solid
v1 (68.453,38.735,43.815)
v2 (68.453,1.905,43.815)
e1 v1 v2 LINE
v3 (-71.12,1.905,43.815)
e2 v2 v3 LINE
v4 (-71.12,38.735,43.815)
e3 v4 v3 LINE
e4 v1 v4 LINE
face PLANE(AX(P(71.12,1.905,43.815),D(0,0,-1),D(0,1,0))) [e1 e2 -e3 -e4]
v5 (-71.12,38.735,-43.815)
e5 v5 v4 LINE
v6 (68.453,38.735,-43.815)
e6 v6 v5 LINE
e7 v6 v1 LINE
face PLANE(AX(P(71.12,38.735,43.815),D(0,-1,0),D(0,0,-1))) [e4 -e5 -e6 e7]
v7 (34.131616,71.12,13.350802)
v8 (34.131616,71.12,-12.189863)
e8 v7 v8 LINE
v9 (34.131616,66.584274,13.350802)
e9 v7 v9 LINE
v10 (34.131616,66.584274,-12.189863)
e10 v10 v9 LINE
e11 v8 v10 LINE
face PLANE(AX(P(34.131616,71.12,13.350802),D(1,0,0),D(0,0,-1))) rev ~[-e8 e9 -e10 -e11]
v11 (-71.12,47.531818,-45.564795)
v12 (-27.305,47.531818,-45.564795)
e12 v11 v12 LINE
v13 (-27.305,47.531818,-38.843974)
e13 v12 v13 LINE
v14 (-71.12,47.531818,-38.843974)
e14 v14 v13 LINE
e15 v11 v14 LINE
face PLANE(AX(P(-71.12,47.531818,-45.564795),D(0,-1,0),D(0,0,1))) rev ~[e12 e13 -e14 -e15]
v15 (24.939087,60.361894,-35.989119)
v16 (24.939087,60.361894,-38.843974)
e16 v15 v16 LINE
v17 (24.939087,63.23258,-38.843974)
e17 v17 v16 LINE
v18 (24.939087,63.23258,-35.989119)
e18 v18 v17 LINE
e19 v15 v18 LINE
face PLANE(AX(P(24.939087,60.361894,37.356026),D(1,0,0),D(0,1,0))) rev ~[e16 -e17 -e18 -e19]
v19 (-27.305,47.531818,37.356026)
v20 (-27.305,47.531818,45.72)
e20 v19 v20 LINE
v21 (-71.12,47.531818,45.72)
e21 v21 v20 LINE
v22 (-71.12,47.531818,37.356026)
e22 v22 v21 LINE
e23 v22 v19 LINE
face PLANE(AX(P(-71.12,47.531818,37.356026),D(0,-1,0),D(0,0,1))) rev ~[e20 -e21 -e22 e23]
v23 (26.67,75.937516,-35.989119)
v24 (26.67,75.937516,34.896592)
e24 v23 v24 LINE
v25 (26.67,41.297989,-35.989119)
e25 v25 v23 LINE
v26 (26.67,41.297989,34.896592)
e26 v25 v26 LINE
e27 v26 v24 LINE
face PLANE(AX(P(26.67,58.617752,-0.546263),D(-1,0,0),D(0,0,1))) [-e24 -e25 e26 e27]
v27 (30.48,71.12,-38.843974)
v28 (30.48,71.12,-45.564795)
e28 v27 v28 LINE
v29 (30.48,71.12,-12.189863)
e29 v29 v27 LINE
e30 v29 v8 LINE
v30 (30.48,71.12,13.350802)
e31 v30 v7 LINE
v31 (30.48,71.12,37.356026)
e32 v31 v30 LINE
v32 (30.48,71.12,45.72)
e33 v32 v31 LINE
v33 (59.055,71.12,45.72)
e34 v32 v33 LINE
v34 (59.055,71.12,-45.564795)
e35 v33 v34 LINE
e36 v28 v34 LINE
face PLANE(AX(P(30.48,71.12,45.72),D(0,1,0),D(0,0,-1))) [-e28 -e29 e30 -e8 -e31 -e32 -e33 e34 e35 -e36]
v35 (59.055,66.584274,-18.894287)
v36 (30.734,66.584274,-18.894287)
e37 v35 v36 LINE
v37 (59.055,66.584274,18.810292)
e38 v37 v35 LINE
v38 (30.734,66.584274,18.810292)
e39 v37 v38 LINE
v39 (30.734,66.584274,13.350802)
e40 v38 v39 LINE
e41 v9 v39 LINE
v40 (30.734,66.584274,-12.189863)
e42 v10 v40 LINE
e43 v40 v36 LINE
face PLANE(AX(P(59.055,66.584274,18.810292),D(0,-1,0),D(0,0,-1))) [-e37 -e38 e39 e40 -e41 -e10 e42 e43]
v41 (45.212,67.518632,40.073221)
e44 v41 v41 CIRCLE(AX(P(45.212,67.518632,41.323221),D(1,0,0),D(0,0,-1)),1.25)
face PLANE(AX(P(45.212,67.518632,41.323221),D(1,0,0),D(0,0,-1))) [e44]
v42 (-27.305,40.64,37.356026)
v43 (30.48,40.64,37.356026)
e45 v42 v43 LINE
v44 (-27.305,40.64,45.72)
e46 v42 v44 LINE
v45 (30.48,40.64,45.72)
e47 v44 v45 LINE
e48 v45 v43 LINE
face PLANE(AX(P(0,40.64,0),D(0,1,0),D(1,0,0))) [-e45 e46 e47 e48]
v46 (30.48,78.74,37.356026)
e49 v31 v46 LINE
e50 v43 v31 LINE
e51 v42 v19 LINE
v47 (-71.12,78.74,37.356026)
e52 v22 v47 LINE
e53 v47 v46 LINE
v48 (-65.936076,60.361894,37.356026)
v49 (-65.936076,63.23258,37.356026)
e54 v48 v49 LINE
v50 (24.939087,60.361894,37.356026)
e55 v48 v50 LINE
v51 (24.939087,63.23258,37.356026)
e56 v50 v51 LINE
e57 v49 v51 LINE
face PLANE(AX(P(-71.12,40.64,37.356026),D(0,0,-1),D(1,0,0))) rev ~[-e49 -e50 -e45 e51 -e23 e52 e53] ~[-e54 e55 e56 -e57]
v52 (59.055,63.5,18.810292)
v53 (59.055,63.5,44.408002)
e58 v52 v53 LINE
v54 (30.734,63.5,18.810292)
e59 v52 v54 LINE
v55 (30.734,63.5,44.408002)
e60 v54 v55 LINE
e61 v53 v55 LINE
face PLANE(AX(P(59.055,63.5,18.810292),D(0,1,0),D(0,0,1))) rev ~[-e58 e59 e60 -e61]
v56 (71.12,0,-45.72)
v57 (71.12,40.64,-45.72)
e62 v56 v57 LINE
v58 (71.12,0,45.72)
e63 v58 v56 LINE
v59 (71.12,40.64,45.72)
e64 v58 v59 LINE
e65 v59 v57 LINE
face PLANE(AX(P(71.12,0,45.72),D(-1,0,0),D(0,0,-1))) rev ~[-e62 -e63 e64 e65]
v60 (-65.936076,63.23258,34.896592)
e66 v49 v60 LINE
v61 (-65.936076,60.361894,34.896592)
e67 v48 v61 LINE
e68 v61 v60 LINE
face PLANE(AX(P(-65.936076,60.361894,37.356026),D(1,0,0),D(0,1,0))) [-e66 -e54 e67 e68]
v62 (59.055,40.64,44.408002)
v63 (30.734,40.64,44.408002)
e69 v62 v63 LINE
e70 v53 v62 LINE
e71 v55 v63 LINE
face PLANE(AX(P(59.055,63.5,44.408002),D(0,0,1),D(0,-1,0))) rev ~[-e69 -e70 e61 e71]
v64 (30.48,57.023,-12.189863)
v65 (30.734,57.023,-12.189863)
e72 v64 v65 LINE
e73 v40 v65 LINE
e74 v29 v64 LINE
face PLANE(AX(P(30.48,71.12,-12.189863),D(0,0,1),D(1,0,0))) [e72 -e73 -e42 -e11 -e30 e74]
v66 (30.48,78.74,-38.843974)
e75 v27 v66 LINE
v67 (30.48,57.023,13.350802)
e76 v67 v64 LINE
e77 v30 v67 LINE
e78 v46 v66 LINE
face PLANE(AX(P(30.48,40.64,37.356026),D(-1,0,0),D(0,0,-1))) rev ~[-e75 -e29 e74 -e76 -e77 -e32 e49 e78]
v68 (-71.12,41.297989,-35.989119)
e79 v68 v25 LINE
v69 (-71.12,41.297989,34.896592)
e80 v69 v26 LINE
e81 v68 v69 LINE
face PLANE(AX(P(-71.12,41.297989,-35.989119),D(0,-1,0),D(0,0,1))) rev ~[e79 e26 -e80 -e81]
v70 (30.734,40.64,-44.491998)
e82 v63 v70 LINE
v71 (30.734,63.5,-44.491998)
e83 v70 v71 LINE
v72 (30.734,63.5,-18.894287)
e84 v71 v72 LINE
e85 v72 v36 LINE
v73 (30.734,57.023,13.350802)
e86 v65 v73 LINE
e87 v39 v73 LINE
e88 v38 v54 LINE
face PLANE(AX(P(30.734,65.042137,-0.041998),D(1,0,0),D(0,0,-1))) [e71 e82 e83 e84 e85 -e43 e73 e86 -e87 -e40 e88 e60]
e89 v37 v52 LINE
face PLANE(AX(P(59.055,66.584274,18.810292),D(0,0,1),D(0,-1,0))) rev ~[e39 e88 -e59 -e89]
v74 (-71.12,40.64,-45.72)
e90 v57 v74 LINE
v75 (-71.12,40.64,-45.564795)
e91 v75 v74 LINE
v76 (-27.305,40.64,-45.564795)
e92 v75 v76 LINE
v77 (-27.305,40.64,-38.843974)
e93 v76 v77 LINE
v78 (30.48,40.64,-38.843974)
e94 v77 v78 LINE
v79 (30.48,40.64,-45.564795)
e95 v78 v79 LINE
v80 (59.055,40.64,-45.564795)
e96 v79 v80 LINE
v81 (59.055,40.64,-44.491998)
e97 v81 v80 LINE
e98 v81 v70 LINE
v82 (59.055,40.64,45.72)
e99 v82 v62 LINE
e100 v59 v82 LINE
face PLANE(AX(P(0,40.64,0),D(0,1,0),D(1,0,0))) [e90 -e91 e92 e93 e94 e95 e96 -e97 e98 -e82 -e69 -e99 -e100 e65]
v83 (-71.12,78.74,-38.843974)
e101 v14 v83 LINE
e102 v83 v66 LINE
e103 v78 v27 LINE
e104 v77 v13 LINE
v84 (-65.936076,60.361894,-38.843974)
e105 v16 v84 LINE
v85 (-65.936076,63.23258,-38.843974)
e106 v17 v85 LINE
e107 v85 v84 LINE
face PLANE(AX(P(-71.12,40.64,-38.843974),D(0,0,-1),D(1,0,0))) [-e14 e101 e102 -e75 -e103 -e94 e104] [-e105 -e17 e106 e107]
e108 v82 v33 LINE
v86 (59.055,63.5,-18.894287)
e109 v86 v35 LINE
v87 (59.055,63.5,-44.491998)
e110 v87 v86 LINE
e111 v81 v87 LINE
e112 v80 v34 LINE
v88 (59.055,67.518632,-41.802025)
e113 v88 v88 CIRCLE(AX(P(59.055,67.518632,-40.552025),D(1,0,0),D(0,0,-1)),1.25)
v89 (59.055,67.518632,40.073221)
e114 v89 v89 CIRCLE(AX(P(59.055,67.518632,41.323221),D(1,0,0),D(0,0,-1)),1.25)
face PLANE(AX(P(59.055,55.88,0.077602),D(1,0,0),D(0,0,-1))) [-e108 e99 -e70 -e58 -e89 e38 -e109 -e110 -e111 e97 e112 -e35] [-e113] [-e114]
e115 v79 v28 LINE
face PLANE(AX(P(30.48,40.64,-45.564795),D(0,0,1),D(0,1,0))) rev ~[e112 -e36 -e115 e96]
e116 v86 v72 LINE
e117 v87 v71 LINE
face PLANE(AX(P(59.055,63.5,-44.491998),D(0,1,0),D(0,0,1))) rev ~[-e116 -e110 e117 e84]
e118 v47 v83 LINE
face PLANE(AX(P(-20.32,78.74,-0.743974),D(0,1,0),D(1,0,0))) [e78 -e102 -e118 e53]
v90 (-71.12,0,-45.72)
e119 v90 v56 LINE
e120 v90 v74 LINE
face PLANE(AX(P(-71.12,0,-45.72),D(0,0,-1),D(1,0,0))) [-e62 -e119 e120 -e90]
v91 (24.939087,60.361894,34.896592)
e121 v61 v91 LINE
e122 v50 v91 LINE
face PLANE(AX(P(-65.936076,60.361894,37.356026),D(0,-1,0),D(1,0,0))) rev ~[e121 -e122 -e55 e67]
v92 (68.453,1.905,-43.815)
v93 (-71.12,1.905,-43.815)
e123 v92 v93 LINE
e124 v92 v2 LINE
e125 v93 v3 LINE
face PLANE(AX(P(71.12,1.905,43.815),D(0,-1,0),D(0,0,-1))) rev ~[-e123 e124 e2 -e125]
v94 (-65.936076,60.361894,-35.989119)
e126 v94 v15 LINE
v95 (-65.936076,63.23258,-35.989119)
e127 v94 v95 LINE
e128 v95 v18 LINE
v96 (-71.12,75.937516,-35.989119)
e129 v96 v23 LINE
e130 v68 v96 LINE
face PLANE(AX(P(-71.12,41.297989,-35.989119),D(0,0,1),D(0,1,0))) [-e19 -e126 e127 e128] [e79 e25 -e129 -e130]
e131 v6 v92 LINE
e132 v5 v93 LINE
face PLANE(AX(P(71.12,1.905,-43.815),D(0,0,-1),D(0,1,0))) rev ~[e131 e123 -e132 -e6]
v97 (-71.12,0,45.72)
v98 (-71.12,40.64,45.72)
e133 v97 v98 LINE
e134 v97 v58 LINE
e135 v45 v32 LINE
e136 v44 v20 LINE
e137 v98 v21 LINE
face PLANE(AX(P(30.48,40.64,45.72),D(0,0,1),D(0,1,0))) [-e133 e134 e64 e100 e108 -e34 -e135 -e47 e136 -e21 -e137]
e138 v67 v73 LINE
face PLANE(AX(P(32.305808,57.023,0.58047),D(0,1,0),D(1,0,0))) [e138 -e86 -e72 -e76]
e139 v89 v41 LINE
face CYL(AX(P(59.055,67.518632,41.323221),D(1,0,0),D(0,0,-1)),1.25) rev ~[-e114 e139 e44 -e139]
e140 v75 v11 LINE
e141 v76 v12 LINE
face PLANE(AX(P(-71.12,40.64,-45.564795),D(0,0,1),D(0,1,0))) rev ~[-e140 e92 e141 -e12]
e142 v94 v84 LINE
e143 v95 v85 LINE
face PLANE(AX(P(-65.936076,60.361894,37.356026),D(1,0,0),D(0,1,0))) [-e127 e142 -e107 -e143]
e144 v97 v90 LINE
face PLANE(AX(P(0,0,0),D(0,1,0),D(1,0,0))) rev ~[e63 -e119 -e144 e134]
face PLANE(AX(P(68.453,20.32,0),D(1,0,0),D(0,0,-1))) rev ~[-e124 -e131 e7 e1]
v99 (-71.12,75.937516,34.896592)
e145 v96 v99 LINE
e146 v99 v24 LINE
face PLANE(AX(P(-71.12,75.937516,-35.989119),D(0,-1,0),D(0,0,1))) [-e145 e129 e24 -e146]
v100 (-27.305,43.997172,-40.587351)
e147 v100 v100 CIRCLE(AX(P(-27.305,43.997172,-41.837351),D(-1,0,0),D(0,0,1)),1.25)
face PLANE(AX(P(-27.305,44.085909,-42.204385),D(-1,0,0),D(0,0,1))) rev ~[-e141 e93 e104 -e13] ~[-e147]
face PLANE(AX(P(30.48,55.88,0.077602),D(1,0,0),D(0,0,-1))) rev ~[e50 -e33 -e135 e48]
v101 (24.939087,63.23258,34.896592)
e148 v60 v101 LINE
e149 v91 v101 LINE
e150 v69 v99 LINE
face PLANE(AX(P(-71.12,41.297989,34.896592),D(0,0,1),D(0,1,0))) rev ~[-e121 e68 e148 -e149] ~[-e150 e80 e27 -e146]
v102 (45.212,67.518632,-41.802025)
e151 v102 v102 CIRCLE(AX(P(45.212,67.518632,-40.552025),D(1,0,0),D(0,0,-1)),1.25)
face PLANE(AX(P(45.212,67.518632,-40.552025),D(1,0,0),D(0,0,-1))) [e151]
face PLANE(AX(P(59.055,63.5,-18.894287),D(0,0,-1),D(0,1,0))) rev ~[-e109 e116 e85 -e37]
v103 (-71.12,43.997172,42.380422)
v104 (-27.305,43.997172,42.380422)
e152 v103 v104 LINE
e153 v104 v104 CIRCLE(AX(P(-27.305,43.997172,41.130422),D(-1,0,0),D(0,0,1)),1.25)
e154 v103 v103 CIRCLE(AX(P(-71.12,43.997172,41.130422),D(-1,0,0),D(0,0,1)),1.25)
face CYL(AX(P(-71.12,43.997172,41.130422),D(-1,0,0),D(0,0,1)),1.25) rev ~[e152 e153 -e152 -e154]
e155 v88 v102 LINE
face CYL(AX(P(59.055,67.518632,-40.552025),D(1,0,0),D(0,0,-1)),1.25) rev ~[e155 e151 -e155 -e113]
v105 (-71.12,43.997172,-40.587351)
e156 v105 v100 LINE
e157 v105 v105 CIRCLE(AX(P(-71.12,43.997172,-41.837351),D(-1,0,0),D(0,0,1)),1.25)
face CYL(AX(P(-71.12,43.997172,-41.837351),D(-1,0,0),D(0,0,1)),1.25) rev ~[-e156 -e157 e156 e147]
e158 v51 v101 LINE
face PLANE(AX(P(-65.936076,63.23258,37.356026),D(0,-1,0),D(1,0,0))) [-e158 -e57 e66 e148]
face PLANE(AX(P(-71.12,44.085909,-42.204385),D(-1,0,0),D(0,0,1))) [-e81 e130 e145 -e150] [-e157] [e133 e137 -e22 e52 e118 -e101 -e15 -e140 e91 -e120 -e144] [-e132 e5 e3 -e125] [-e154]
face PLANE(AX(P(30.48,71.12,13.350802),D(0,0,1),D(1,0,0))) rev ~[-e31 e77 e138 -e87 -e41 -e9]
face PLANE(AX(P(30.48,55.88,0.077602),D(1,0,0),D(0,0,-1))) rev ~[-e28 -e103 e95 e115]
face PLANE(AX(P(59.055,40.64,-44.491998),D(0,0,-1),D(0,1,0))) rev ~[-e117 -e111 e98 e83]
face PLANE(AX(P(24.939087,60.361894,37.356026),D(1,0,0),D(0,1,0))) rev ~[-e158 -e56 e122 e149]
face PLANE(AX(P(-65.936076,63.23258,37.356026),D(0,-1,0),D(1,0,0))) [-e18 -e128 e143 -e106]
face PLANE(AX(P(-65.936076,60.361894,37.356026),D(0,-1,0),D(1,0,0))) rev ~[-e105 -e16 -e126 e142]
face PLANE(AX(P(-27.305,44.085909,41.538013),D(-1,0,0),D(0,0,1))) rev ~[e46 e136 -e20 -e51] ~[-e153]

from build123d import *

# Parameters (mm, degrees)
SKETCH1_W           = 142.24
SKETCH1_H           = 91.44
BOSS_EXTRUDE1_DEPTH = 40.64
SKETCH3_W           = 101.6
SKETCH3_H           = 76.2
BOSS_EXTRUDE2_DEPTH = 38.1
SKETCH4_W           = 70.885711102
SKETCH4_H           = 34.639527003
CUT_EXTRUDE2_DEPTH  = 97.79
SKETCH5_W           = 90.875163882
SKETCH5_H           = 2.870686322
CUT_EXTRUDE3_DEPTH  = 97.79
SKETCH8_W           = 91.28479526
SKETCH8_H           = 30.48
BOSS_EXTRUDE4_DEPTH = 28.575
SKETCH9_W           = 37.704579212
SKETCH9_H           = 3.084273822
CUT_EXTRUDE4_DEPTH  = 28.321
SKETCH10_W          = 3.65161605
SKETCH10_H          = 25.540665071
CUT_EXTRUDE5_DEPTH  = 14.097
SKETCH2_W           = 87.63
SKETCH2_H           = 36.83
CUT_EXTRUDE6_DEPTH  = 225.933
SKETCH12_W          = 91.44
SKETCH12_H          = 40.64
BOSS_EXTRUDE5_DEPTH = 2.667
SKETCH13_W          = 6.720820965
SKETCH13_H          = 6.891818051
SKETCH13_R          = 1.25
SKETCH13_W_2        = 8.363974295
BOSS_EXTRUDE6_DEPTH = 43.815
SKETCH14_R          = 1.25
CUT_EXTRUDE7_DEPTH  = 13.843


with BuildPart() as part:
    # Sketch1 → Boss-Extrude1 (new body)
    with BuildSketch(Plane(origin=(0, 0, 0), x_dir=(1, 0, 0), z_dir=(0, 1, 0))):
        Rectangle(SKETCH1_W, SKETCH1_H)
    extrude(amount=BOSS_EXTRUDE1_DEPTH)

    # Sketch3 → Boss-Extrude2 (add)
    with BuildSketch(Plane(origin=(0, 40.64, 0), x_dir=(1, 0, 0), z_dir=(0, 1, 0))):
        with Locations((-20.32, 0.743974295)):
            Rectangle(SKETCH3_W, SKETCH3_H)
    extrude(amount=BOSS_EXTRUDE2_DEPTH)

    # Sketch4 → Cut-Extrude2 (cut)
    with BuildSketch(Plane.ZY.offset(71.12)):
        with Locations((-0.546263413, 58.617752018)):
            Rectangle(SKETCH4_W, SKETCH4_H)
    extrude(amount=-CUT_EXTRUDE2_DEPTH, mode=Mode.SUBTRACT)

    # Sketch5 → Cut-Extrude3 (cut)
    with BuildSketch(Plane.XY.offset(37.356025705)):
        with Locations((-20.498494518, 61.797236891)):
            Rectangle(SKETCH5_W, SKETCH5_H)
    extrude(amount=-CUT_EXTRUDE3_DEPTH, mode=Mode.SUBTRACT)

    # Sketch8 → Boss-Extrude4 (add)
    with BuildSketch(Plane(origin=(30.48, 0, 0), x_dir=(0, 0, -1), z_dir=(1, 0, 0))):
        with Locations((-0.07760237, 55.88)):
            Rectangle(SKETCH8_W, SKETCH8_H)
    extrude(amount=BOSS_EXTRUDE4_DEPTH)

    # Sketch9 → Cut-Extrude4 (cut)
    with BuildSketch(Plane(origin=(59.055, 0, 0), x_dir=(0, 0, -1), z_dir=(1, 0, 0))):
        with Locations((0.04199785, 65.042136911)):
            Rectangle(SKETCH9_W, SKETCH9_H)
        with Locations((0.04199785, 61.957863089)):
            Rectangle(SKETCH9_W, SKETCH9_H)
        Polygon((-18.810291756, 63.5), (-44.40800215, 63.5), (-44.40800215, 40.64), (44.49199785, 40.64), (44.49199785, 63.5), (18.894287456, 63.5), (18.894287456, 60.415726178), (-18.810291756, 60.415726178), align=None)
    extrude(amount=-CUT_EXTRUDE4_DEPTH, mode=Mode.SUBTRACT)

    # Sketch10 → Cut-Extrude5 (cut)
    with BuildSketch(Plane(origin=(0, 71.12, 0), x_dir=(1, 0, 0), z_dir=(0, 1, 0))):
        with Locations((32.305808025, -0.58046966)):
            Rectangle(SKETCH10_W, SKETCH10_H)
    extrude(amount=-CUT_EXTRUDE5_DEPTH, mode=Mode.SUBTRACT)

    # Sketch2 → Cut-Extrude6 (cut)
    with BuildSketch(Plane(origin=(71.12, 0, 0), x_dir=(0, 0, -1), z_dir=(1, 0, 0))):
        with Locations((0, 20.32)):
            Rectangle(SKETCH2_W, SKETCH2_H)
    extrude(amount=-CUT_EXTRUDE6_DEPTH, mode=Mode.SUBTRACT)

    # Sketch12 → Boss-Extrude5 (add)
    with BuildSketch(Plane(origin=(71.12, 0, 0), x_dir=(0, 0, -1), z_dir=(1, 0, 0))):
        with Locations((0, 20.32)):
            Rectangle(SKETCH12_W, SKETCH12_H)
    extrude(amount=-BOSS_EXTRUDE5_DEPTH)

    # Sketch13 → Boss-Extrude6 (add)
    # profile 1 of 2: a face of its own
    with BuildSketch(Plane.ZY.offset(71.12)):
        with Locations((-42.204384778, 44.085909026)):
            Rectangle(SKETCH13_W, SKETCH13_H)
        with Locations((-41.837350795, 43.997172438)):
            Circle(SKETCH13_R, mode=Mode.SUBTRACT)
    # profile 2 of 2: a face of its own
    with BuildSketch(Plane.ZY.offset(71.12)):
        with Locations((41.538012853, 44.085909026)):
            Rectangle(SKETCH13_W_2, SKETCH13_H)
        with Locations((41.130421673, 43.997172438)):
            Circle(SKETCH13_R, mode=Mode.SUBTRACT)
    extrude(amount=-BOSS_EXTRUDE6_DEPTH)

    # Sketch14 → Cut-Extrude7 (cut)
    with BuildSketch(Plane(origin=(59.055, 0, 0), x_dir=(0, 0, -1), z_dir=(1, 0, 0))):
        with Locations((-41.323220525, 67.518632332)):
            Circle(SKETCH14_R)
        with Locations((40.552025118, 67.518632332)):
            Circle(SKETCH14_R)
    extrude(amount=-CUT_EXTRUDE7_DEPTH, mode=Mode.SUBTRACT)


solid = part.part
